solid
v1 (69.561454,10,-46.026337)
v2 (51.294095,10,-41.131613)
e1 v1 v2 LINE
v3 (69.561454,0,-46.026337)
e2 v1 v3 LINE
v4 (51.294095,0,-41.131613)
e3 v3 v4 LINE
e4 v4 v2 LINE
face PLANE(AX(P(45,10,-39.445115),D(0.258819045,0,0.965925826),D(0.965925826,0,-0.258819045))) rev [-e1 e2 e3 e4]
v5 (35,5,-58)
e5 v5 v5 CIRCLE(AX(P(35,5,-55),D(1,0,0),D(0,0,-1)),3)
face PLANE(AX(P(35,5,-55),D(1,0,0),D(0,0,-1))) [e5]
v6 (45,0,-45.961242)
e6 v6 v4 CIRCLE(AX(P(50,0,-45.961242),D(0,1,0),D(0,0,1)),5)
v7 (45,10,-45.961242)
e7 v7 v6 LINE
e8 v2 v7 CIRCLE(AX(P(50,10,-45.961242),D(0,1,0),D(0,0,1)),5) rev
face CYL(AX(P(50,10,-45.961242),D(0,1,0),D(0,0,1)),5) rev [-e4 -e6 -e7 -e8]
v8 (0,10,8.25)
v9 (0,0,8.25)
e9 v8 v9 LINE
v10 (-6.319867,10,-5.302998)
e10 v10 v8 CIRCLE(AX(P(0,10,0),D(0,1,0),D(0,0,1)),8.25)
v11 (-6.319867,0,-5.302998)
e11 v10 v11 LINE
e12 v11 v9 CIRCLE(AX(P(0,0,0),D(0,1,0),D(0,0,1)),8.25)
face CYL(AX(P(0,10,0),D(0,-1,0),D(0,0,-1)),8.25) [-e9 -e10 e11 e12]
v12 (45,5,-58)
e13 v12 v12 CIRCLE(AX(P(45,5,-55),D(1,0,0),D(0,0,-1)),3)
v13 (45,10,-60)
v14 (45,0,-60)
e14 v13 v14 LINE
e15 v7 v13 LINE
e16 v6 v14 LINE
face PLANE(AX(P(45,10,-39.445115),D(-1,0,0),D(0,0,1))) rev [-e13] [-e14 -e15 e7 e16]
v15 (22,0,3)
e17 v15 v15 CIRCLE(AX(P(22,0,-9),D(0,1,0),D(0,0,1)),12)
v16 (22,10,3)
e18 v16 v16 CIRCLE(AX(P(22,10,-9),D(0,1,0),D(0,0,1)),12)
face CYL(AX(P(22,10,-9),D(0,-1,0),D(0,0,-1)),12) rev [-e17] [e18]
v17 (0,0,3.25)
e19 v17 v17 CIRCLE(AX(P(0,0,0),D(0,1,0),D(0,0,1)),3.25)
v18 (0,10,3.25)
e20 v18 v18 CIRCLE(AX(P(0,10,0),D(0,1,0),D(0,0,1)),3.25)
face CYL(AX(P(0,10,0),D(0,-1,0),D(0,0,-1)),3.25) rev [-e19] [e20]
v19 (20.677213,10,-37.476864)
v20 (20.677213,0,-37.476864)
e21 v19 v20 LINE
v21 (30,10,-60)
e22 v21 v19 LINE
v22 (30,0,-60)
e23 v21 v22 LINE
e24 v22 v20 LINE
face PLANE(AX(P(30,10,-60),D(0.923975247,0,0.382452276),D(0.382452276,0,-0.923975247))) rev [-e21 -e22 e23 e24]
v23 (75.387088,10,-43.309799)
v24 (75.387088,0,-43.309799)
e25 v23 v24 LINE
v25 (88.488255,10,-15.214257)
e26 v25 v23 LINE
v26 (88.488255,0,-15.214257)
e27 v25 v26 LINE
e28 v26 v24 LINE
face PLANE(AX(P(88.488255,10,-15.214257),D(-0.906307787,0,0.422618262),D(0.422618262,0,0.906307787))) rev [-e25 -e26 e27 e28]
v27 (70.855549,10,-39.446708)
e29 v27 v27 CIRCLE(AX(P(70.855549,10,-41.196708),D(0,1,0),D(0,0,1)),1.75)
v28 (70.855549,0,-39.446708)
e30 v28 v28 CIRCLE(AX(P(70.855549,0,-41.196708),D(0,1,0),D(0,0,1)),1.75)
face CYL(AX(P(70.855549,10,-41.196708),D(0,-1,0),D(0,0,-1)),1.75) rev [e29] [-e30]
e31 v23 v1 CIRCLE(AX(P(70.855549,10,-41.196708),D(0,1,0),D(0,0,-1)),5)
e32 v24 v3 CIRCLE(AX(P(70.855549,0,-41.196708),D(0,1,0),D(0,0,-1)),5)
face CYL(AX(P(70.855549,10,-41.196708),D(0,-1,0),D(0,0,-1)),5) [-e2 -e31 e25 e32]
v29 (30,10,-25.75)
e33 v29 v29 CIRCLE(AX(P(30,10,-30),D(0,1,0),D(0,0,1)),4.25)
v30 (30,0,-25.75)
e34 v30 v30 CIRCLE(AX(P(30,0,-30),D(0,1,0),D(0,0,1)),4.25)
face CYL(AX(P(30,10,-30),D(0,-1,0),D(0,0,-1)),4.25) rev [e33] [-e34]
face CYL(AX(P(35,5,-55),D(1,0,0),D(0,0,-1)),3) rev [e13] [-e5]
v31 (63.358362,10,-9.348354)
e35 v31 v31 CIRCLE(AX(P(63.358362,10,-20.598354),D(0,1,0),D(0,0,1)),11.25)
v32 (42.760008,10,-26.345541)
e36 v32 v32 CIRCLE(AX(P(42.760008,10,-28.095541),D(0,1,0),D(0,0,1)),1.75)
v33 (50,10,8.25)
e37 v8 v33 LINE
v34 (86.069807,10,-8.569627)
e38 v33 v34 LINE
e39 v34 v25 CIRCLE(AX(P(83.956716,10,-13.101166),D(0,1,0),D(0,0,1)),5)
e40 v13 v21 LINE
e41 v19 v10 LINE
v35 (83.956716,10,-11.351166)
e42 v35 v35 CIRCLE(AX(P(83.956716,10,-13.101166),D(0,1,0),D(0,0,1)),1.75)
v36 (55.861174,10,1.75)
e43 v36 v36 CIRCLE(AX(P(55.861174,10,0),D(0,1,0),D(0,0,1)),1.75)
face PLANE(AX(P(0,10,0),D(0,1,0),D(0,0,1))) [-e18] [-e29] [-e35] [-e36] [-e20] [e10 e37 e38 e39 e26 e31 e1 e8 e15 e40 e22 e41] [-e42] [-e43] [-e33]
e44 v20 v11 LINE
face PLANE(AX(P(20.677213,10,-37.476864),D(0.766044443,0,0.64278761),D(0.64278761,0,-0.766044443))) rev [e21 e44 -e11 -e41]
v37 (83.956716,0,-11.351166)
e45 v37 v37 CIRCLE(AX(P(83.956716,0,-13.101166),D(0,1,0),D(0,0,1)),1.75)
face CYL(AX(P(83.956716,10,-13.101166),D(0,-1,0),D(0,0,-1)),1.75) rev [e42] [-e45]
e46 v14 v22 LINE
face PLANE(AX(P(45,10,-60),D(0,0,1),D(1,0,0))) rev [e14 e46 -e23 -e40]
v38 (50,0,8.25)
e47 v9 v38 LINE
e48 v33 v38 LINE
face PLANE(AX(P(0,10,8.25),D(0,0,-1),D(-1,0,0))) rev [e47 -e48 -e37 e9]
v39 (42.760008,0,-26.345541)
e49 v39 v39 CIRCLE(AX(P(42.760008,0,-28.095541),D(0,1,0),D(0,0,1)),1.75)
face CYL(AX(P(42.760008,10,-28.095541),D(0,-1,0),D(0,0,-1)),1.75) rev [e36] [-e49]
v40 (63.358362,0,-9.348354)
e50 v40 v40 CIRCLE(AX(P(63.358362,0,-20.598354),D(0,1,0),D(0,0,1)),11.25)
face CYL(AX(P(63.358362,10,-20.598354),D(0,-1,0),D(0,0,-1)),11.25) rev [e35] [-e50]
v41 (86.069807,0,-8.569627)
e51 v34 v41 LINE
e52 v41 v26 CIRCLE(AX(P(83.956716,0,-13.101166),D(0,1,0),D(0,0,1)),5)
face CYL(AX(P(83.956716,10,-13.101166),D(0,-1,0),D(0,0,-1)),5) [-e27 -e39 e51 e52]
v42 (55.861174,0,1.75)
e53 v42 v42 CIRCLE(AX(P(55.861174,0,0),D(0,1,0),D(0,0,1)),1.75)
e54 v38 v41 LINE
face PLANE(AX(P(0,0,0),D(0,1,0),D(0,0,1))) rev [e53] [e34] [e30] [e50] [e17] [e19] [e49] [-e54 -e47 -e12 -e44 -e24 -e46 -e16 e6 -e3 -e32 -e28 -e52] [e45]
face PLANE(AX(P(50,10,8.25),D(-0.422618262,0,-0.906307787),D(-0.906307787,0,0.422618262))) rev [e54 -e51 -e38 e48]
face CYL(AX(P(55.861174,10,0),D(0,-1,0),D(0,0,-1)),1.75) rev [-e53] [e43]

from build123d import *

# Parameters (mm, degrees)
SKETCH1_R           = 3.25
SKETCH1_R_2         = 4.25
SKETCH1_R_3         = 11.25
SKETCH1_R_4         = 1.75
SKETCH1_R_5         = 12
BOSS_EXTRUDE1_DEPTH = 10
FILLET1_R           = 5
SKETCH2_R           = 3
CUT_EXTRUDE1_DEPTH  = 10


with BuildPart() as part:
    # Sketch1 → Boss-Extrude1 (new body)
    with BuildSketch(Plane(origin=(0, 0, 0), x_dir=(1, 0, 0), z_dir=(0, 1, 0))):
        with BuildLine():
            Line((0, -8.25), (50, -8.25))
            Line((50, -8.25), (86.069806885, 8.569627179))
            ThreePointArc((86.069806885, 8.569627179), (88.655178681, 11.391065397), (88.488254512, 15.214257423))
            Line((88.488254512, 15.214257423), (75.387088398, 43.309798821))
            ThreePointArc((75.387088398, 43.309798821), (72.968640771, 45.728246447), (69.561454237, 46.026336644))
            Line((69.561454237, 46.026336644), (45, 39.445114816))
            Line((45, 39.445114816), (45, 60))
            Line((45, 60), (30, 60))
            Line((30, 60), (20.677212951, 37.476864391))
            Line((20.677212951, 37.476864391), (-6.319866656, 5.30299778))
            ThreePointArc((-6.319866656, 5.30299778), (-7.477039243, -3.486600659), (0, -8.25))
        make_face()
        with Locations(Location((0, 0, 0), (0, 0, 270))):
            Circle(SKETCH1_R, mode=Mode.SUBTRACT)
        with Locations(Location((30, 30, 0), (0, 0, 270))):
            Circle(SKETCH1_R_2, mode=Mode.SUBTRACT)
        with Locations(Location((63.358361821, 20.598353756, 0), (0, 0, 270))):
            Circle(SKETCH1_R_3, mode=Mode.SUBTRACT)
        with Locations(Location((42.760008064, 28.095541398, 0), (0, 0, 270))):
            Circle(SKETCH1_R_4, mode=Mode.SUBTRACT)
        with Locations(Location((70.855549463, 41.196707512, 0), (0, 0, 270))):
            Circle(SKETCH1_R_4, mode=Mode.SUBTRACT)
        with Locations(Location((83.956715577, 13.101166114, 0), (0, 0, 270))):
            Circle(SKETCH1_R_4, mode=Mode.SUBTRACT)
        with Locations(Location((55.861174178, 0, 0), (0, 0, 270))):
            Circle(SKETCH1_R_4, mode=Mode.SUBTRACT)
        with Locations(Location((22, 9, 0), (0, 0, 270))):
            Circle(SKETCH1_R_5, mode=Mode.SUBTRACT)
    extrude(amount=BOSS_EXTRUDE1_DEPTH)

    # Fillet1
    fillet1_edges = [part.edges().sort_by_distance(p)[0] for p in [
        (45, 5, -39.445114816),
    ]]
    fillet(fillet1_edges, radius=FILLET1_R)

    # Sketch2 → Cut-Extrude1 (cut)
    with BuildSketch(Plane(origin=(45, 0, 0), x_dir=(0, 0, -1), z_dir=(1, 0, 0))):
        with Locations((55, 5)):
            Circle(SKETCH2_R)
    extrude(amount=-CUT_EXTRUDE1_DEPTH, mode=Mode.SUBTRACT)


solid = part.part
